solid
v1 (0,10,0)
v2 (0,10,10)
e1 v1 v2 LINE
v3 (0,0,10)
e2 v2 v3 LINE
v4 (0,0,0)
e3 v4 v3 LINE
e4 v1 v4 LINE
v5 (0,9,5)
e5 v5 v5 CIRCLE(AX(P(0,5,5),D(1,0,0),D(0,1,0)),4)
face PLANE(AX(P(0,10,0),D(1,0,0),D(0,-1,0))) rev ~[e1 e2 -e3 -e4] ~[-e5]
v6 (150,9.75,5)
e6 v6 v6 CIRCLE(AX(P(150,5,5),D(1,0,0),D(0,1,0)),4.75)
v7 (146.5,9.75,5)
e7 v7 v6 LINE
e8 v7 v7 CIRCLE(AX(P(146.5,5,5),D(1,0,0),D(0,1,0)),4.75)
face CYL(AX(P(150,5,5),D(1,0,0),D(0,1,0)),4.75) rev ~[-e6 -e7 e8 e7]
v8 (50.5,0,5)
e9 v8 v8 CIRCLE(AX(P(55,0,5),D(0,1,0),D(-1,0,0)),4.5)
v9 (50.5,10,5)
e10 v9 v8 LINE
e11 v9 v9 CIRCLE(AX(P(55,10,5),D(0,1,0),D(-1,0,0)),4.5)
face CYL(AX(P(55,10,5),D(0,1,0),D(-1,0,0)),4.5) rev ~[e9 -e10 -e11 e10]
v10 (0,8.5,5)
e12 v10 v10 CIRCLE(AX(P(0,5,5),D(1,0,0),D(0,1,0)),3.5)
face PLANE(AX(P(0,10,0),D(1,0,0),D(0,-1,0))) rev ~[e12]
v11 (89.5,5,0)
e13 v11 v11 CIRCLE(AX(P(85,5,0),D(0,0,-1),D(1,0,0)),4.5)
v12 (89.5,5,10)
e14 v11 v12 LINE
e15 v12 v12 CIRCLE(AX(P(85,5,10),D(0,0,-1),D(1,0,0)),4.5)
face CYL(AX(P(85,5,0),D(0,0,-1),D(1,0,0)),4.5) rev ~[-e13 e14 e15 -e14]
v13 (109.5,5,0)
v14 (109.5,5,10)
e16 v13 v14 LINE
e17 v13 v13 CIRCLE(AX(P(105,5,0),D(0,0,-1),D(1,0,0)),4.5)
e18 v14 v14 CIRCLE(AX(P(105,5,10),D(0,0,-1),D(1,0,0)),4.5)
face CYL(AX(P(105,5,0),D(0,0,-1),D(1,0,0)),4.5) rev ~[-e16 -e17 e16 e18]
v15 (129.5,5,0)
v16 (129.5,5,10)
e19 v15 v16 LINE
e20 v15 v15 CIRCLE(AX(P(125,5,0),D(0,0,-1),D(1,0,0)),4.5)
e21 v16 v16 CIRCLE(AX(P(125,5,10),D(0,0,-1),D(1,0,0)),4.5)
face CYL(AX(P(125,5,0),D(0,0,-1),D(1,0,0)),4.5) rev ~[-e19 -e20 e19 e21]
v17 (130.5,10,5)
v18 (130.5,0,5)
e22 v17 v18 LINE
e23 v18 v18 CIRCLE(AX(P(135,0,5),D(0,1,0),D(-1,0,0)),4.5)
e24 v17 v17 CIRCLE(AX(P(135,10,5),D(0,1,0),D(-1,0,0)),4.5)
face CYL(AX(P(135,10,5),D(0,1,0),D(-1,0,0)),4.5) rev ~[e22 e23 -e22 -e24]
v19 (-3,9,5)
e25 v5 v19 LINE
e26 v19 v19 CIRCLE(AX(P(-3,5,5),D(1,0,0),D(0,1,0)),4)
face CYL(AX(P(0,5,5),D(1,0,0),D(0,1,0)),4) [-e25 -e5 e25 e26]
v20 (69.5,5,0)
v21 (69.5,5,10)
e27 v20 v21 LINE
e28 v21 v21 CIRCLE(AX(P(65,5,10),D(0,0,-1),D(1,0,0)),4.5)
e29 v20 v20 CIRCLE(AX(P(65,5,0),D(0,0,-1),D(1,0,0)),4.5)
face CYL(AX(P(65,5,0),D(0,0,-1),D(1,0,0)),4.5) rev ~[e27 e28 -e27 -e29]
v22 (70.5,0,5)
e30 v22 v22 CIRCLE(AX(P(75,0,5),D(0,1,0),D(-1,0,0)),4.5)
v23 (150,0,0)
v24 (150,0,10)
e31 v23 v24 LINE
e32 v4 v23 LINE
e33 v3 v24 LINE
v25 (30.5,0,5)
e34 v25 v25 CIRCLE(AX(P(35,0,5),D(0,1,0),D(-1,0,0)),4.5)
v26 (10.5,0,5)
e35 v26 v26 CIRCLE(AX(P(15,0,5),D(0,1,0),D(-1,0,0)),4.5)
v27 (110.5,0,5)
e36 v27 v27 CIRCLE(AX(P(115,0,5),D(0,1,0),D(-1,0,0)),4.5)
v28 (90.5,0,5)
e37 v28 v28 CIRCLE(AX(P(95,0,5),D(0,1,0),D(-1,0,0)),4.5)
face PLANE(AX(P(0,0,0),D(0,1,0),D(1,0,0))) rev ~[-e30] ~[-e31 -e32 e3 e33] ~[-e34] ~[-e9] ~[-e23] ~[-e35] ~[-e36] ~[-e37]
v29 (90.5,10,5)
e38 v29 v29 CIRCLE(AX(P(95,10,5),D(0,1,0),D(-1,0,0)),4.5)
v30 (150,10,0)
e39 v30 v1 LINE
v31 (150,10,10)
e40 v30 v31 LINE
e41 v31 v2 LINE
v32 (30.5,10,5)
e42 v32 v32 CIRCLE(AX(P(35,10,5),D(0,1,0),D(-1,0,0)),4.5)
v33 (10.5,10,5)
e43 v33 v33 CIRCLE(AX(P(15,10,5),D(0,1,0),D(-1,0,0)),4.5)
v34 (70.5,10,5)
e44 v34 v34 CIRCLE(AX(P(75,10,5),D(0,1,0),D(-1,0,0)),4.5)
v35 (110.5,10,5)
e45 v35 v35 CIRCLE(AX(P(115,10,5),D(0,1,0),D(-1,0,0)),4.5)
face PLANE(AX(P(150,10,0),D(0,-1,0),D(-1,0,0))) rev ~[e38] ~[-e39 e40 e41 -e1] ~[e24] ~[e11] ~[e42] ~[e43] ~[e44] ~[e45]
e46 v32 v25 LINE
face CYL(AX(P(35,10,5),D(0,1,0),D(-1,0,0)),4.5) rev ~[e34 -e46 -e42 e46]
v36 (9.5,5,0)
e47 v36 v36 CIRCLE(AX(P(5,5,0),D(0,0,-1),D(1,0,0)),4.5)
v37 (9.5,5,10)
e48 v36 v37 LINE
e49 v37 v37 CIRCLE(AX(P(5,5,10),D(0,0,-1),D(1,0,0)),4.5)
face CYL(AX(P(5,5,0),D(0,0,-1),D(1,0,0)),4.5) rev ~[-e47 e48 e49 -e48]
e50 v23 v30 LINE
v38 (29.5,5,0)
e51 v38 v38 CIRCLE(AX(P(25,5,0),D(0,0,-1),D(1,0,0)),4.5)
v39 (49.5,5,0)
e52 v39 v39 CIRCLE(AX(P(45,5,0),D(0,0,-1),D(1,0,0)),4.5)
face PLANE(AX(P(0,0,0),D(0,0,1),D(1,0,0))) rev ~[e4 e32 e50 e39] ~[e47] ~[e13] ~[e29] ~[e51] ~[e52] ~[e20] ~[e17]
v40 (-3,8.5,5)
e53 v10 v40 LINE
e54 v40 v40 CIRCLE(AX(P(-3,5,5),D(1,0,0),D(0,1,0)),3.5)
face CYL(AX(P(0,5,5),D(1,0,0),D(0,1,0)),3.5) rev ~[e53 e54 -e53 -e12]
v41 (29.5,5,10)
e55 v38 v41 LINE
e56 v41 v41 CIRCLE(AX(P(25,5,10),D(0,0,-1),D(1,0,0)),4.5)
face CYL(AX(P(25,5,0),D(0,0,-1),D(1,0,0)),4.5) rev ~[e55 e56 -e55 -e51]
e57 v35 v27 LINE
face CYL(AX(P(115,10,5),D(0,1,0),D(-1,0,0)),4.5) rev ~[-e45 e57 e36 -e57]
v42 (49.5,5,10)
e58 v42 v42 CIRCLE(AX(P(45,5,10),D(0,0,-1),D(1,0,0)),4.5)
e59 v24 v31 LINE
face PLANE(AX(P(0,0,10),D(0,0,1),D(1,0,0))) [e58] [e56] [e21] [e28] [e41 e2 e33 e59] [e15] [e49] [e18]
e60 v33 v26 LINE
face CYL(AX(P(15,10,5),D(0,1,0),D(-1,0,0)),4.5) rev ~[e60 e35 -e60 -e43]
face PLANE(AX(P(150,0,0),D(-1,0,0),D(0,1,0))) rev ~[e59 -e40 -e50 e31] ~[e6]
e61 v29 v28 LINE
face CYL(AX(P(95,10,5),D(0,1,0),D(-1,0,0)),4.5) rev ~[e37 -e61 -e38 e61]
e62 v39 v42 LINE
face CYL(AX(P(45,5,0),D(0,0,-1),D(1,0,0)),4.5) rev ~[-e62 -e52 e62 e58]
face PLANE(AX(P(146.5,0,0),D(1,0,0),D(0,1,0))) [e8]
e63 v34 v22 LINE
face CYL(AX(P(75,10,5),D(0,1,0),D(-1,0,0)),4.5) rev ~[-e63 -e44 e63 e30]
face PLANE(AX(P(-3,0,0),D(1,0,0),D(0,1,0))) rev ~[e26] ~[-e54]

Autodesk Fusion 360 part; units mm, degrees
sketch "Sketch1" plane through (0, 0, 0) normal (0, 0, 1) x (1, 0, 0)
  line L0 (0, 0) -> (150, 0)
  line L1 (150, 0) -> (150, 10)
  line L2 (150, 10) -> (0, 10)
  line L3 (0, 10) -> (0, 0)
  dimension "d1" = 150
  dimension "d2" = 10
extrude "Extrude1" add sketch "Sketch1" along normal blind 10
sketch "Sketch2" plane through (0, 0, 0) normal (1, 0, 0) x (0, 1, 0)
  circle A0 centre (5, 5) radius 4
  circle A1 centre (5, 5) radius 3.5
  dimension "d5" = 8
  dimension "d6" = 7
extrude "Extrude2" add sketch "Sketch2" against normal blind 3
sketch "Sketch3" plane through (150, 0, 0) normal (1, 0, 0) x (0, 1, 0)
  line L0 (0, 0) -> (10, 0)
  line L1 (10, 0) -> (10, 10)
  line L2 (10, 10) -> (0, 10)
  line L3 (0, 10) -> (0, 0)
  circle A0 centre (5, 5) radius 4.5
  dimension "d9" = 9
extrude "Extrude3" cut sketch "Sketch3" against normal blind 3 contours A0
fillet "Fillet1" radius 0.25 1 edges at (150, 0.8045, 6.6273)
sketch "Sketch4" plane through (0, 0, 0) normal (0, 0, -1) x (1, 0, 0)
  line L0 (0, 0) -> (0, -10)
  line L1 (0, -10) -> (150, -10)
  line L2 (150, -10) -> (150, 0)
  line L3 (150, 0) -> (0, 0)
  circle A0 centre (5, -5) radius 4.5
  circle A1 centre (25, -5) radius 4.5
  circle A2 centre (65, -5) radius 4.5
  circle A3 centre (45, -5) radius 4.5
  circle A4 centre (145, -5) radius 4.5
  circle A5 centre (125, -5) radius 4.5
  circle A6 centre (105, -5) radius 4.5
  circle A7 centre (85, -5) radius 4.5
  dimension "d14" = 9
  dimension "d15" = 9
  dimension "d16" = 9
  dimension "d17" = 9
  dimension "d18" = 9
  dimension "d19" = 9
  dimension "d20" = 9
  dimension "d21" = 9
extrude "Extrude4" cut sketch "Sketch4" against normal blind 30 contours A0 | A1 | A2 | A3 | A4 | A5 | A6 | A7
sketch "Sketch5" plane through (0, 10, 0) normal (0, 1, 0) x (-1, 0, 0)
  line L0 (-150, 0) -> (0, 0)
  line L1 (0, 0) -> (0, 10)
  line L2 (0, 10) -> (-150, 10)
  line L3 (-150, 10) -> (-150, 0)
  circle A0 centre (-15, 5) radius 4.5
  circle A1 centre (-35, 5) radius 4.5
  circle A2 centre (-75, 5) radius 4.5
  circle A3 centre (-55, 5) radius 4.5
  circle A4 centre (-95, 5) radius 4.5
  circle A5 centre (-115, 5) radius 4.5
  circle A6 centre (-135, 5) radius 4.5
  dimension "d24" = 9
  dimension "d25" = 9
  dimension "d26" = 9
  dimension "d27" = 9
  dimension "d28" = 9
  dimension "d29" = 9
  dimension "d30" = 9
extrude "Extrude5" cut sketch "Sketch5" against normal blind 30 contours A0 | A1 | A2 | A3 | A4 | A5 | A6
sketch "Sketch6" plane through (0, 0, 0) normal (0, 0, -1) x (1, 0, 0)
  line L0 (0, 0) -> (0, -10)
  line L1 (0, -10) -> (150, -10)
  line L2 (150, -10) -> (150, 0)
  line L3 (150, 0) -> (0, 0)
  circle A0 centre (145, -5) radius 4.5
  circle A1 centre (65, -5) radius 4.5
  circle A2 centre (5, -5) radius 4.5
  circle A3 centre (85, -5) radius 4.5
  circle A4 centre (125, -5) radius 4.5
  circle A5 centre (45, -5) radius 4.5
  circle A6 centre (25, -5) radius 4.5
  circle A7 centre (105, -5) radius 4.5
extrude "Extrude6" add sketch "Sketch6" against normal blind 10 contours A0
sketch "Sketch7" plane through (150, 0, 0) normal (1, 0, 0) x (0, 1, 0)
  line L0 (0, 0) -> (10, 0)
  line L1 (10, 0) -> (10, 10)
  line L2 (10, 10) -> (0, 10)
  line L3 (0, 10) -> (0, 0)
  circle A0 centre (5, 5) radius 4.75
extrude "Extrude7" cut sketch "Sketch7" against normal blind 3 contours A0
extrude "Extrude8" cut 1 faces at (147, 4.6477, 2.9844) along direction (-1, 0, 0) blind 0.5
